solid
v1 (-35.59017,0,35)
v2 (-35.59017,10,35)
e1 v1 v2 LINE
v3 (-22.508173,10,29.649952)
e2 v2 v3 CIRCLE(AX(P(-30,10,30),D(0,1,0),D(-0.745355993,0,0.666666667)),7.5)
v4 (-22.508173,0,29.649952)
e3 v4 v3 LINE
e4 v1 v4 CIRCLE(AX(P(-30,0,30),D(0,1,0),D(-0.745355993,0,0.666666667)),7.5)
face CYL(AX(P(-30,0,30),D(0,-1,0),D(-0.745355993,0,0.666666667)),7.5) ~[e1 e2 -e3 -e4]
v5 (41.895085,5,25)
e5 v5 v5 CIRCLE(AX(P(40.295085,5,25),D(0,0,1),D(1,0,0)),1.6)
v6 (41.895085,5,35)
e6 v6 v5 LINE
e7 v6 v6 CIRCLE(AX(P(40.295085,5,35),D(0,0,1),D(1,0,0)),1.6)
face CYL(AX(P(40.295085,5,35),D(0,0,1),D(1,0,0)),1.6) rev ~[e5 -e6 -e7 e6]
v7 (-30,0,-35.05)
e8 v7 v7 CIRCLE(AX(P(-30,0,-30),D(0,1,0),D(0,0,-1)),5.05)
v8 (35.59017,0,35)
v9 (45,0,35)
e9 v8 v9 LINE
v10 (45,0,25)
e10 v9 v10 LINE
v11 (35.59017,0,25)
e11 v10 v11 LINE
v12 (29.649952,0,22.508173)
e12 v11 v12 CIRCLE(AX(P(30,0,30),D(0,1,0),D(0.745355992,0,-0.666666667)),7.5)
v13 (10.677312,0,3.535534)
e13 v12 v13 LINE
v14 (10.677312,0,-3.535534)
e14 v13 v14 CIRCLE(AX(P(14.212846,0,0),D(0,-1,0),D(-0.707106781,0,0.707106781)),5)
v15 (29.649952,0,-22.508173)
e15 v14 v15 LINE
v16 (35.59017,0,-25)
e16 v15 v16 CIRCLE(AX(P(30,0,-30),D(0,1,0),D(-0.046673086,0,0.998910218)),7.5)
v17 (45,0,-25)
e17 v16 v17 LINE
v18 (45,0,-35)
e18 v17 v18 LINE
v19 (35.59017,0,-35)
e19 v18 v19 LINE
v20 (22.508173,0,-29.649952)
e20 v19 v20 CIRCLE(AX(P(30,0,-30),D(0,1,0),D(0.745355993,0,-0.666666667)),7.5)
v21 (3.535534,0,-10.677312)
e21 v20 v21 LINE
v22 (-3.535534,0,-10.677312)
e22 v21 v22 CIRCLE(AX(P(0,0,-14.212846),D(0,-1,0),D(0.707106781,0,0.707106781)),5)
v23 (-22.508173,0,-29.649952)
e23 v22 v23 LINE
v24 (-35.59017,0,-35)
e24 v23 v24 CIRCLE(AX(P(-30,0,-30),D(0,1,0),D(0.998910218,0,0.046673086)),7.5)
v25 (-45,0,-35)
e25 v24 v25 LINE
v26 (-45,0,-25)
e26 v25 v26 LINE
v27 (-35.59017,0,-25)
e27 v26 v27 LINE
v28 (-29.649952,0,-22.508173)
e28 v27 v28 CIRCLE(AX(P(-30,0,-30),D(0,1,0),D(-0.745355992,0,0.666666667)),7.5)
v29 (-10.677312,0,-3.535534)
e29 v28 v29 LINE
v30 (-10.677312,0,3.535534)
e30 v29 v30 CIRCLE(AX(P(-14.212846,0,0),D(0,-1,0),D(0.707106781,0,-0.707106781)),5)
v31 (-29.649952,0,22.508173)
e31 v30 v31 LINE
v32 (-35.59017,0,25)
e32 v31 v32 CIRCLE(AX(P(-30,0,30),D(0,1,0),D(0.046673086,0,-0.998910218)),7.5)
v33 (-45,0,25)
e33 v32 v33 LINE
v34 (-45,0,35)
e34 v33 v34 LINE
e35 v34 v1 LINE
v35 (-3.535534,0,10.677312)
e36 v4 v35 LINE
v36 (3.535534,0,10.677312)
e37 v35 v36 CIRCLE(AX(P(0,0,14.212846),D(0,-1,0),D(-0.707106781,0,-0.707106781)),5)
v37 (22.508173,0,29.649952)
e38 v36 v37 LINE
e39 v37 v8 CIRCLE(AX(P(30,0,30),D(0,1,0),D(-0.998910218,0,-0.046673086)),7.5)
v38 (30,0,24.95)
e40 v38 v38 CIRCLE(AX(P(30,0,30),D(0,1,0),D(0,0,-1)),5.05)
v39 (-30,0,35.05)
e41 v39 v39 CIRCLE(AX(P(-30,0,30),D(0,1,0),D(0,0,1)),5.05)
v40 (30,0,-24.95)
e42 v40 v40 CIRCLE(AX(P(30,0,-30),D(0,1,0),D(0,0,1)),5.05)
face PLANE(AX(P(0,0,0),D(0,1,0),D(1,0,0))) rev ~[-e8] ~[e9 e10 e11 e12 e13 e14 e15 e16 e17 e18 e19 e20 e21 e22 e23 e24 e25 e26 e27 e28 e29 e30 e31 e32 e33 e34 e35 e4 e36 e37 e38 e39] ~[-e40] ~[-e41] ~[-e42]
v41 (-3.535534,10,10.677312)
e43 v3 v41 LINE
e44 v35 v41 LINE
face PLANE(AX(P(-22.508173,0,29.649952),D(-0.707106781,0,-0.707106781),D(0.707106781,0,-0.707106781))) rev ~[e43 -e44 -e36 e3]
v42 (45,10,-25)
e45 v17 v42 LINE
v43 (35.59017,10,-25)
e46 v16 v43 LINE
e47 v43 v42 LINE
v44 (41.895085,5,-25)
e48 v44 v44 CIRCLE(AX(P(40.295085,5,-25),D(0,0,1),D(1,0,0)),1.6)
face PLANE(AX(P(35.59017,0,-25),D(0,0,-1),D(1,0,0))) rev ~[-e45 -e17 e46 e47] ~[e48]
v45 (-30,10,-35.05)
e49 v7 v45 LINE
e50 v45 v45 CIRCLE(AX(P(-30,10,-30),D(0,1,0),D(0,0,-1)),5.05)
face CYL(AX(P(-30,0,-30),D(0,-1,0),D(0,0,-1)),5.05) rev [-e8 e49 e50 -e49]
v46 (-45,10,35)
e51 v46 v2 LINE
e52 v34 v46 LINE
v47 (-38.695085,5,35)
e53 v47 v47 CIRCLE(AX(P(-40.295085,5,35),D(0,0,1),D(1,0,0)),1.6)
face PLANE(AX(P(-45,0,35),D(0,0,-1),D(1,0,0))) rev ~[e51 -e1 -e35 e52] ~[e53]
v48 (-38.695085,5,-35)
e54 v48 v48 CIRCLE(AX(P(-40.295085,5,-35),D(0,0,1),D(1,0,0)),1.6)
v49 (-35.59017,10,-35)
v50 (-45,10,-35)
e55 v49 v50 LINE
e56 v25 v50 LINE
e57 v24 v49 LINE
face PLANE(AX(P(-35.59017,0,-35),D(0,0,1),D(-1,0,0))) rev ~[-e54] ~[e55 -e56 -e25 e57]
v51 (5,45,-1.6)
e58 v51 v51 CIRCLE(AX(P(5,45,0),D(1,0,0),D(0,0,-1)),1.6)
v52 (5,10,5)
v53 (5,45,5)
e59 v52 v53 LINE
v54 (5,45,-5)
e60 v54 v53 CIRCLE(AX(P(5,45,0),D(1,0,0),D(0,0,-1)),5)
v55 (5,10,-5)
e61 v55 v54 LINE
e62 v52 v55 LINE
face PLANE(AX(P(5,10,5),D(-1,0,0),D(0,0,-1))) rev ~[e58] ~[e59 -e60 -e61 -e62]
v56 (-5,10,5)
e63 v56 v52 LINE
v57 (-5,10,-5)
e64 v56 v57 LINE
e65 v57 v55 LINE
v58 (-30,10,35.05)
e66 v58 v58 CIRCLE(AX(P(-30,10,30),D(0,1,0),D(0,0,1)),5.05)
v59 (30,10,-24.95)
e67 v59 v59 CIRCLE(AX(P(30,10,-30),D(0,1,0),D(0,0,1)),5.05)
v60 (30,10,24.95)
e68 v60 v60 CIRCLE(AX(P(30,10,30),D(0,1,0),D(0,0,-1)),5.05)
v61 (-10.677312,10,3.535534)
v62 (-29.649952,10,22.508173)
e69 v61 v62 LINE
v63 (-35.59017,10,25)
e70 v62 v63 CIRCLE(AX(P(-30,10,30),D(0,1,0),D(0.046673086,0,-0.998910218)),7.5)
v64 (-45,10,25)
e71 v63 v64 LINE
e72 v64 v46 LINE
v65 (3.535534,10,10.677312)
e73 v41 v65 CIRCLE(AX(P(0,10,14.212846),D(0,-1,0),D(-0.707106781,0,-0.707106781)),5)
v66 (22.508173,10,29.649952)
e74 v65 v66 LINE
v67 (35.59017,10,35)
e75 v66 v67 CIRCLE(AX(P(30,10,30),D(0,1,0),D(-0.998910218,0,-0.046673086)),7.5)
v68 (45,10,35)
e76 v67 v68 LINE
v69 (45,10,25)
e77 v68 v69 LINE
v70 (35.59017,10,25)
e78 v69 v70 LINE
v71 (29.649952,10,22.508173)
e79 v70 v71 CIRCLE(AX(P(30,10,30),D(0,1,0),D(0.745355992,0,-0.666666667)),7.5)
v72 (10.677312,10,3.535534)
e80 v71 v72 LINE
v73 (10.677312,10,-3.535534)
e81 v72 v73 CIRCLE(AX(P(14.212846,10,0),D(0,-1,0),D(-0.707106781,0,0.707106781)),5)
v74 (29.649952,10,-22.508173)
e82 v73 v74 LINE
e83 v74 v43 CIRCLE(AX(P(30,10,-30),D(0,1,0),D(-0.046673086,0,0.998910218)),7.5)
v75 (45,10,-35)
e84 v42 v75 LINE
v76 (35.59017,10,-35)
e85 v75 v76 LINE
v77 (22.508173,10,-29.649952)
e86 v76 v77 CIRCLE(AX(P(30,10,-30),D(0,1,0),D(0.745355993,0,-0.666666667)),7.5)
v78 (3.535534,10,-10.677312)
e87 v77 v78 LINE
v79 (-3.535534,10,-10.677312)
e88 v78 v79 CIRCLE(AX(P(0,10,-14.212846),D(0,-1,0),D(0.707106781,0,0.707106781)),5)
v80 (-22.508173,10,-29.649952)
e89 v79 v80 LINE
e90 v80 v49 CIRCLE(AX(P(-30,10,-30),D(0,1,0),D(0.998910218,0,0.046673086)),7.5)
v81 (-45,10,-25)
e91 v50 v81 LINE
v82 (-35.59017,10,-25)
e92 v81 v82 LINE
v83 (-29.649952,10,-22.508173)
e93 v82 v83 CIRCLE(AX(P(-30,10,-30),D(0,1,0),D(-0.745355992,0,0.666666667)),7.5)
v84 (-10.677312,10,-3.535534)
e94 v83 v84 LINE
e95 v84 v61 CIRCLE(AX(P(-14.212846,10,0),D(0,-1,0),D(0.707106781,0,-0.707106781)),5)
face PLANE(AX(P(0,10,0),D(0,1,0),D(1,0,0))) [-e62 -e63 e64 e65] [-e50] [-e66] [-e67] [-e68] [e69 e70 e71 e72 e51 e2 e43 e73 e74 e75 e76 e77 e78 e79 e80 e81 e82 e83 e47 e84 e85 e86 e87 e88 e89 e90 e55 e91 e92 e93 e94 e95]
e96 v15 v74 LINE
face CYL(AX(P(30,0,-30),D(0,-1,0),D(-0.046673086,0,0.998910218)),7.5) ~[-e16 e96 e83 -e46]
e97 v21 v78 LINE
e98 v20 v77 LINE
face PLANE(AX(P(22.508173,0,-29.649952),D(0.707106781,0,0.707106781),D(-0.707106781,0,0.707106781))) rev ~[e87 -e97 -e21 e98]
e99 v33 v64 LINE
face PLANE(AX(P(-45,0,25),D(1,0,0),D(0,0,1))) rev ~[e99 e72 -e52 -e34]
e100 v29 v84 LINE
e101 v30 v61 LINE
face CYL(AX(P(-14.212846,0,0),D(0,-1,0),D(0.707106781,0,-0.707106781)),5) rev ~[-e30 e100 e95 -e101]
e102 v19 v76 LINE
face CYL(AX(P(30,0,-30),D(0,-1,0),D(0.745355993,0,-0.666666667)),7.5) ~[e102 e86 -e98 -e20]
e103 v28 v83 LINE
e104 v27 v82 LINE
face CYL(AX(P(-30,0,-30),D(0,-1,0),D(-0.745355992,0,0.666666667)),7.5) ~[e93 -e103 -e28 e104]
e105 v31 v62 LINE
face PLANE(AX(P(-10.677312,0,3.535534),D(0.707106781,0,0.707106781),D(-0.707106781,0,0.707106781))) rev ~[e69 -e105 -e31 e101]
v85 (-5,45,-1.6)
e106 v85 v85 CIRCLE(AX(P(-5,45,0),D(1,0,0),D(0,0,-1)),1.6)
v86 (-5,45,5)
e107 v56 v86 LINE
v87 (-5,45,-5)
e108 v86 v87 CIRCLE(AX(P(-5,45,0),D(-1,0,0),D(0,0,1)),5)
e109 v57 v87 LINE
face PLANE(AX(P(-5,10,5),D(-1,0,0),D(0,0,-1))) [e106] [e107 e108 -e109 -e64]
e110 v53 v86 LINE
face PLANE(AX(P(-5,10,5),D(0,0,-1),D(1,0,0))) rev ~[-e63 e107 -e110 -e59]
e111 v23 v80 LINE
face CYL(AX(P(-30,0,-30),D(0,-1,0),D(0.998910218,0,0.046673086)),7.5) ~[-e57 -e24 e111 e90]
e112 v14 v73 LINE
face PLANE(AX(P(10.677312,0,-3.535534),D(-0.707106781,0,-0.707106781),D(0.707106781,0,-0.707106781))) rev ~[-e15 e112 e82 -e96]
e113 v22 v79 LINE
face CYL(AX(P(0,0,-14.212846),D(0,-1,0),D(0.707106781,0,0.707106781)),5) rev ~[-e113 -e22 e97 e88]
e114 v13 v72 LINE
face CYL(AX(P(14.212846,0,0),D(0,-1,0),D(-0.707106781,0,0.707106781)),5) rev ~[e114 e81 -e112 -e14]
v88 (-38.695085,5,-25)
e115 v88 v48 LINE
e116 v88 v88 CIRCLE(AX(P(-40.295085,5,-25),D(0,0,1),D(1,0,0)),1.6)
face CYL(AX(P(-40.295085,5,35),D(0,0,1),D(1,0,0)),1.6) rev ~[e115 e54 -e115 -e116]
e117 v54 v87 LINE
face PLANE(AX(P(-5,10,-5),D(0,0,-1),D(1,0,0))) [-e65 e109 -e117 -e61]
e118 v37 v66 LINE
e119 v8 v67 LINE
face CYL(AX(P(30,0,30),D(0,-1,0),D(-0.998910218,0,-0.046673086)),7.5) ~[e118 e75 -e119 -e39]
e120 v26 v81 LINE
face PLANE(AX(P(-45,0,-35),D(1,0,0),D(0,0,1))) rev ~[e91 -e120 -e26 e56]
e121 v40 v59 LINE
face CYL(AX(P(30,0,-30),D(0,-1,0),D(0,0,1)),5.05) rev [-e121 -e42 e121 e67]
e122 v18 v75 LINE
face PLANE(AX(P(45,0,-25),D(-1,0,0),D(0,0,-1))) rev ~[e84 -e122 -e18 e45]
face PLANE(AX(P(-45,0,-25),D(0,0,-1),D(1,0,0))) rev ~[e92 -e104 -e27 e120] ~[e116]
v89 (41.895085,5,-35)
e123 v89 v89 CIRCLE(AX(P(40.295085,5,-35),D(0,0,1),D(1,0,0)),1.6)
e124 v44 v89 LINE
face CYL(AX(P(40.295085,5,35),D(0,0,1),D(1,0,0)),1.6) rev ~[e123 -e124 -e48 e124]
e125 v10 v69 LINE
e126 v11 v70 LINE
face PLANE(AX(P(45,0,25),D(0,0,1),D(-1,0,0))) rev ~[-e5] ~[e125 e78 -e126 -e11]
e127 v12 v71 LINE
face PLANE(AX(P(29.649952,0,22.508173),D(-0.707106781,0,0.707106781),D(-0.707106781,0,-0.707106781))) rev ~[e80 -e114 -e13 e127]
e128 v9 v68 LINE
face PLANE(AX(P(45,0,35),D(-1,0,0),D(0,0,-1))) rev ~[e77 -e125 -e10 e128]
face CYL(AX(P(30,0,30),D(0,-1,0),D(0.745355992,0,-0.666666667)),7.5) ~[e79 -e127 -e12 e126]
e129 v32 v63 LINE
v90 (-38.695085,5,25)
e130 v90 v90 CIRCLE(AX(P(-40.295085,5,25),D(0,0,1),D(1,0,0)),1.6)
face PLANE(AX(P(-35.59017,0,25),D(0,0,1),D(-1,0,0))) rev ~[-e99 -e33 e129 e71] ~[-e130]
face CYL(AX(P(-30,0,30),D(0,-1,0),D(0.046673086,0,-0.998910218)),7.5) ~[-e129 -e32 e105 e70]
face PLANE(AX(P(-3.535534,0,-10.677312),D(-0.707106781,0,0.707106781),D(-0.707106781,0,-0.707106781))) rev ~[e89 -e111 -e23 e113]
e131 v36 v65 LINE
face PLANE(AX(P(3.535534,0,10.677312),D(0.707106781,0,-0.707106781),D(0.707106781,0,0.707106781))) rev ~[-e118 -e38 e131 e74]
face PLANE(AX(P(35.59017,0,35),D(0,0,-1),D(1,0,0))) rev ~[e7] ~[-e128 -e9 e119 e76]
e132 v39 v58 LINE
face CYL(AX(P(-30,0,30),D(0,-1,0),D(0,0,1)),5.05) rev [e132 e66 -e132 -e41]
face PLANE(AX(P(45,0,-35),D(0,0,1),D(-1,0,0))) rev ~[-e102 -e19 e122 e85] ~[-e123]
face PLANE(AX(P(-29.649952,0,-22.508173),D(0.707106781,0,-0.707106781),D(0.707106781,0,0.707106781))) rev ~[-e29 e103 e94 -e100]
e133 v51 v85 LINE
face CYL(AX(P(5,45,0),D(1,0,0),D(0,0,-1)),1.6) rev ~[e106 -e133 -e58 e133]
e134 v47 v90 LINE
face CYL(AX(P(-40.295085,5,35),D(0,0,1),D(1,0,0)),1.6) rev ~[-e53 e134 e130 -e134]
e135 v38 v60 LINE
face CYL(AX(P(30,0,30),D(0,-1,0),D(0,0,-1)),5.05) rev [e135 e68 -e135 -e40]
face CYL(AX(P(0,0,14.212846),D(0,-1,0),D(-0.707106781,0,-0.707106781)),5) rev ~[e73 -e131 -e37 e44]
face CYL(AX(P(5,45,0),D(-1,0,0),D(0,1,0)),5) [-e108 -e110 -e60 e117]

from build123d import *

# Parameters (mm, degrees)
SKETCH_1_R          = 5.05
EXTRUDE_1_DEPTH     = 10
SKETCH_2_W          = 10
SKETCH_2_H          = 10
EXTRUDE_2_DEPTH     = 40
FILLET_3_RADIUS     = 5
FILLET_3_LENGTH     = 10
SKETCH_3_R          = 1.6
CUT_EXTRUDE_1_DEPTH = 81.039052968
SKETCH_4_R          = 1.6
CUT_EXTRUDE_2_DEPTH = 99.900202224


with BuildPart() as part:
    # ｽｹｯﾁ1 → ﾎﾞｽ - 押し出し1 (new body)
    with BuildSketch(Plane(origin=(0, 0, 0), x_dir=(1, 0, 0), z_dir=(0, 1, 0))):
        with BuildLine():
            Line((3.535533906, -10.677312396), (22.508173367, -29.649951857))
            ThreePointArc((22.508173367, -29.649951857), (27.161016322, -36.941914122), (35.590169944, -35))
            Line((35.590169944, -35), (45, -35))
            Line((45, -35), (45, -25))
            Line((45, -25), (35.590169944, -25))
            ThreePointArc((35.590169944, -25), (32.90120994, -23.08386084), (29.649951857, -22.508173367))
            Line((29.649951857, -22.508173367), (10.677312396, -3.535533906))
            ThreePointArc((10.677312396, -3.535533906), (9.212846302, 0), (10.677312396, 3.535533906))
            Line((10.677312396, 3.535533906), (29.649951857, 22.508173367))
            ThreePointArc((29.649951857, 22.508173367), (32.90120994, 23.08386084), (35.590169944, 25))
            Line((35.590169944, 25), (45, 25))
            Line((45, 25), (45, 35))
            Line((45, 35), (35.590169944, 35))
            ThreePointArc((35.590169944, 35), (27.161016322, 36.941914122), (22.508173367, 29.649951857))
            Line((22.508173367, 29.649951857), (3.535533906, 10.677312396))
            ThreePointArc((3.535533906, 10.677312396), (0, 9.212846302), (-3.535533906, 10.677312396))
            Line((-3.535533906, 10.677312396), (-22.508173367, 29.649951857))
            ThreePointArc((-22.508173367, 29.649951857), (-27.161016322, 36.941914122), (-35.590169944, 35))
            Line((-35.590169944, 35), (-45, 35))
            Line((-45, 35), (-45, 25))
            Line((-45, 25), (-35.590169944, 25))
            ThreePointArc((-35.590169944, 25), (-32.90120994, 23.08386084), (-29.649951857, 22.508173367))
            Line((-29.649951857, 22.508173367), (-10.677312396, 3.535533906))
            ThreePointArc((-10.677312396, 3.535533906), (-9.212846302, 0), (-10.677312396, -3.535533906))
            Line((-10.677312396, -3.535533906), (-29.649951857, -22.508173367))
            ThreePointArc((-29.649951857, -22.508173367), (-32.90120994, -23.08386084), (-35.590169944, -25))
            Line((-35.590169944, -25), (-45, -25))
            Line((-45, -25), (-45, -35))
            Line((-45, -35), (-35.590169944, -35))
            ThreePointArc((-35.590169944, -35), (-27.161016322, -36.941914122), (-22.508173367, -29.649951857))
            Line((-22.508173367, -29.649951857), (-3.535533906, -10.677312396))
            ThreePointArc((-3.535533906, -10.677312396), (0, -9.212846302), (3.535533906, -10.677312396))
        make_face()
        with Locations(Location((30, 30, 0), (0, 0, 270))):
            Circle(SKETCH_1_R, mode=Mode.SUBTRACT)
        with Locations(Location((-30, 30, 0), (0, 0, 90))):
            Circle(SKETCH_1_R, mode=Mode.SUBTRACT)
        with Locations(Location((30, -30, 0), (0, 0, 90))):
            Circle(SKETCH_1_R, mode=Mode.SUBTRACT)
        with Locations(Location((-30, -30, 0), (0, 0, 270))):
            Circle(SKETCH_1_R, mode=Mode.SUBTRACT)
    extrude(amount=EXTRUDE_1_DEPTH)

    # ｽｹｯﾁ2 → ﾎﾞｽ - 押し出し2 (add)
    with BuildSketch(Plane(origin=(0, 10, 0), x_dir=(1, 0, 0), z_dir=(0, 1, 0))):
        Rectangle(SKETCH_2_W, SKETCH_2_H)
    extrude(amount=EXTRUDE_2_DEPTH)

    # ﾌｨﾚｯﾄ3: full round fillet: the end face becomes a half cylinder, R = half its width
    fillet_3_face = Plane((0, 50, 0), x_dir=(-1, 0, 0), z_dir=(0, 1, 0))  # on the end face: x along it, z out of the body
    fillet_3_slab = fillet_3_face.offset(-FILLET_3_RADIUS / 2) * Box(FILLET_3_LENGTH, 2 * FILLET_3_RADIUS, FILLET_3_RADIUS, mode=Mode.PRIVATE)  # the body's end, R deep
    fillet_3_round = Plane((0, 45, 0), x_dir=(0, 1, 0), z_dir=(-1, 0, 0)) * Cylinder(FILLET_3_RADIUS, FILLET_3_LENGTH, mode=Mode.PRIVATE)  # its axis R under the face
    add(fillet_3_slab - fillet_3_round, mode=Mode.SUBTRACT)

    # ｽｹｯﾁ3 → ｶｯﾄ - 押し出し1 (cut, through all)
    with BuildSketch(Plane(origin=(5, 0, 0), x_dir=(0, 0, -1), z_dir=(1, 0, 0))):
        with Locations((0, 45)):
            Circle(SKETCH_3_R)
    extrude(amount=-CUT_EXTRUDE_1_DEPTH, mode=Mode.SUBTRACT)

    # ｽｹｯﾁ4 → ｶｯﾄ - 押し出し2 (cut, through all)
    with BuildSketch(Plane.XY.offset(35)):
        with Locations((-40.295084972, 5)):
            Circle(SKETCH_4_R)
        with Locations((40.295084972, 5)):
            Circle(SKETCH_4_R)
    extrude(amount=-CUT_EXTRUDE_2_DEPTH, mode=Mode.SUBTRACT)


solid = part.part
